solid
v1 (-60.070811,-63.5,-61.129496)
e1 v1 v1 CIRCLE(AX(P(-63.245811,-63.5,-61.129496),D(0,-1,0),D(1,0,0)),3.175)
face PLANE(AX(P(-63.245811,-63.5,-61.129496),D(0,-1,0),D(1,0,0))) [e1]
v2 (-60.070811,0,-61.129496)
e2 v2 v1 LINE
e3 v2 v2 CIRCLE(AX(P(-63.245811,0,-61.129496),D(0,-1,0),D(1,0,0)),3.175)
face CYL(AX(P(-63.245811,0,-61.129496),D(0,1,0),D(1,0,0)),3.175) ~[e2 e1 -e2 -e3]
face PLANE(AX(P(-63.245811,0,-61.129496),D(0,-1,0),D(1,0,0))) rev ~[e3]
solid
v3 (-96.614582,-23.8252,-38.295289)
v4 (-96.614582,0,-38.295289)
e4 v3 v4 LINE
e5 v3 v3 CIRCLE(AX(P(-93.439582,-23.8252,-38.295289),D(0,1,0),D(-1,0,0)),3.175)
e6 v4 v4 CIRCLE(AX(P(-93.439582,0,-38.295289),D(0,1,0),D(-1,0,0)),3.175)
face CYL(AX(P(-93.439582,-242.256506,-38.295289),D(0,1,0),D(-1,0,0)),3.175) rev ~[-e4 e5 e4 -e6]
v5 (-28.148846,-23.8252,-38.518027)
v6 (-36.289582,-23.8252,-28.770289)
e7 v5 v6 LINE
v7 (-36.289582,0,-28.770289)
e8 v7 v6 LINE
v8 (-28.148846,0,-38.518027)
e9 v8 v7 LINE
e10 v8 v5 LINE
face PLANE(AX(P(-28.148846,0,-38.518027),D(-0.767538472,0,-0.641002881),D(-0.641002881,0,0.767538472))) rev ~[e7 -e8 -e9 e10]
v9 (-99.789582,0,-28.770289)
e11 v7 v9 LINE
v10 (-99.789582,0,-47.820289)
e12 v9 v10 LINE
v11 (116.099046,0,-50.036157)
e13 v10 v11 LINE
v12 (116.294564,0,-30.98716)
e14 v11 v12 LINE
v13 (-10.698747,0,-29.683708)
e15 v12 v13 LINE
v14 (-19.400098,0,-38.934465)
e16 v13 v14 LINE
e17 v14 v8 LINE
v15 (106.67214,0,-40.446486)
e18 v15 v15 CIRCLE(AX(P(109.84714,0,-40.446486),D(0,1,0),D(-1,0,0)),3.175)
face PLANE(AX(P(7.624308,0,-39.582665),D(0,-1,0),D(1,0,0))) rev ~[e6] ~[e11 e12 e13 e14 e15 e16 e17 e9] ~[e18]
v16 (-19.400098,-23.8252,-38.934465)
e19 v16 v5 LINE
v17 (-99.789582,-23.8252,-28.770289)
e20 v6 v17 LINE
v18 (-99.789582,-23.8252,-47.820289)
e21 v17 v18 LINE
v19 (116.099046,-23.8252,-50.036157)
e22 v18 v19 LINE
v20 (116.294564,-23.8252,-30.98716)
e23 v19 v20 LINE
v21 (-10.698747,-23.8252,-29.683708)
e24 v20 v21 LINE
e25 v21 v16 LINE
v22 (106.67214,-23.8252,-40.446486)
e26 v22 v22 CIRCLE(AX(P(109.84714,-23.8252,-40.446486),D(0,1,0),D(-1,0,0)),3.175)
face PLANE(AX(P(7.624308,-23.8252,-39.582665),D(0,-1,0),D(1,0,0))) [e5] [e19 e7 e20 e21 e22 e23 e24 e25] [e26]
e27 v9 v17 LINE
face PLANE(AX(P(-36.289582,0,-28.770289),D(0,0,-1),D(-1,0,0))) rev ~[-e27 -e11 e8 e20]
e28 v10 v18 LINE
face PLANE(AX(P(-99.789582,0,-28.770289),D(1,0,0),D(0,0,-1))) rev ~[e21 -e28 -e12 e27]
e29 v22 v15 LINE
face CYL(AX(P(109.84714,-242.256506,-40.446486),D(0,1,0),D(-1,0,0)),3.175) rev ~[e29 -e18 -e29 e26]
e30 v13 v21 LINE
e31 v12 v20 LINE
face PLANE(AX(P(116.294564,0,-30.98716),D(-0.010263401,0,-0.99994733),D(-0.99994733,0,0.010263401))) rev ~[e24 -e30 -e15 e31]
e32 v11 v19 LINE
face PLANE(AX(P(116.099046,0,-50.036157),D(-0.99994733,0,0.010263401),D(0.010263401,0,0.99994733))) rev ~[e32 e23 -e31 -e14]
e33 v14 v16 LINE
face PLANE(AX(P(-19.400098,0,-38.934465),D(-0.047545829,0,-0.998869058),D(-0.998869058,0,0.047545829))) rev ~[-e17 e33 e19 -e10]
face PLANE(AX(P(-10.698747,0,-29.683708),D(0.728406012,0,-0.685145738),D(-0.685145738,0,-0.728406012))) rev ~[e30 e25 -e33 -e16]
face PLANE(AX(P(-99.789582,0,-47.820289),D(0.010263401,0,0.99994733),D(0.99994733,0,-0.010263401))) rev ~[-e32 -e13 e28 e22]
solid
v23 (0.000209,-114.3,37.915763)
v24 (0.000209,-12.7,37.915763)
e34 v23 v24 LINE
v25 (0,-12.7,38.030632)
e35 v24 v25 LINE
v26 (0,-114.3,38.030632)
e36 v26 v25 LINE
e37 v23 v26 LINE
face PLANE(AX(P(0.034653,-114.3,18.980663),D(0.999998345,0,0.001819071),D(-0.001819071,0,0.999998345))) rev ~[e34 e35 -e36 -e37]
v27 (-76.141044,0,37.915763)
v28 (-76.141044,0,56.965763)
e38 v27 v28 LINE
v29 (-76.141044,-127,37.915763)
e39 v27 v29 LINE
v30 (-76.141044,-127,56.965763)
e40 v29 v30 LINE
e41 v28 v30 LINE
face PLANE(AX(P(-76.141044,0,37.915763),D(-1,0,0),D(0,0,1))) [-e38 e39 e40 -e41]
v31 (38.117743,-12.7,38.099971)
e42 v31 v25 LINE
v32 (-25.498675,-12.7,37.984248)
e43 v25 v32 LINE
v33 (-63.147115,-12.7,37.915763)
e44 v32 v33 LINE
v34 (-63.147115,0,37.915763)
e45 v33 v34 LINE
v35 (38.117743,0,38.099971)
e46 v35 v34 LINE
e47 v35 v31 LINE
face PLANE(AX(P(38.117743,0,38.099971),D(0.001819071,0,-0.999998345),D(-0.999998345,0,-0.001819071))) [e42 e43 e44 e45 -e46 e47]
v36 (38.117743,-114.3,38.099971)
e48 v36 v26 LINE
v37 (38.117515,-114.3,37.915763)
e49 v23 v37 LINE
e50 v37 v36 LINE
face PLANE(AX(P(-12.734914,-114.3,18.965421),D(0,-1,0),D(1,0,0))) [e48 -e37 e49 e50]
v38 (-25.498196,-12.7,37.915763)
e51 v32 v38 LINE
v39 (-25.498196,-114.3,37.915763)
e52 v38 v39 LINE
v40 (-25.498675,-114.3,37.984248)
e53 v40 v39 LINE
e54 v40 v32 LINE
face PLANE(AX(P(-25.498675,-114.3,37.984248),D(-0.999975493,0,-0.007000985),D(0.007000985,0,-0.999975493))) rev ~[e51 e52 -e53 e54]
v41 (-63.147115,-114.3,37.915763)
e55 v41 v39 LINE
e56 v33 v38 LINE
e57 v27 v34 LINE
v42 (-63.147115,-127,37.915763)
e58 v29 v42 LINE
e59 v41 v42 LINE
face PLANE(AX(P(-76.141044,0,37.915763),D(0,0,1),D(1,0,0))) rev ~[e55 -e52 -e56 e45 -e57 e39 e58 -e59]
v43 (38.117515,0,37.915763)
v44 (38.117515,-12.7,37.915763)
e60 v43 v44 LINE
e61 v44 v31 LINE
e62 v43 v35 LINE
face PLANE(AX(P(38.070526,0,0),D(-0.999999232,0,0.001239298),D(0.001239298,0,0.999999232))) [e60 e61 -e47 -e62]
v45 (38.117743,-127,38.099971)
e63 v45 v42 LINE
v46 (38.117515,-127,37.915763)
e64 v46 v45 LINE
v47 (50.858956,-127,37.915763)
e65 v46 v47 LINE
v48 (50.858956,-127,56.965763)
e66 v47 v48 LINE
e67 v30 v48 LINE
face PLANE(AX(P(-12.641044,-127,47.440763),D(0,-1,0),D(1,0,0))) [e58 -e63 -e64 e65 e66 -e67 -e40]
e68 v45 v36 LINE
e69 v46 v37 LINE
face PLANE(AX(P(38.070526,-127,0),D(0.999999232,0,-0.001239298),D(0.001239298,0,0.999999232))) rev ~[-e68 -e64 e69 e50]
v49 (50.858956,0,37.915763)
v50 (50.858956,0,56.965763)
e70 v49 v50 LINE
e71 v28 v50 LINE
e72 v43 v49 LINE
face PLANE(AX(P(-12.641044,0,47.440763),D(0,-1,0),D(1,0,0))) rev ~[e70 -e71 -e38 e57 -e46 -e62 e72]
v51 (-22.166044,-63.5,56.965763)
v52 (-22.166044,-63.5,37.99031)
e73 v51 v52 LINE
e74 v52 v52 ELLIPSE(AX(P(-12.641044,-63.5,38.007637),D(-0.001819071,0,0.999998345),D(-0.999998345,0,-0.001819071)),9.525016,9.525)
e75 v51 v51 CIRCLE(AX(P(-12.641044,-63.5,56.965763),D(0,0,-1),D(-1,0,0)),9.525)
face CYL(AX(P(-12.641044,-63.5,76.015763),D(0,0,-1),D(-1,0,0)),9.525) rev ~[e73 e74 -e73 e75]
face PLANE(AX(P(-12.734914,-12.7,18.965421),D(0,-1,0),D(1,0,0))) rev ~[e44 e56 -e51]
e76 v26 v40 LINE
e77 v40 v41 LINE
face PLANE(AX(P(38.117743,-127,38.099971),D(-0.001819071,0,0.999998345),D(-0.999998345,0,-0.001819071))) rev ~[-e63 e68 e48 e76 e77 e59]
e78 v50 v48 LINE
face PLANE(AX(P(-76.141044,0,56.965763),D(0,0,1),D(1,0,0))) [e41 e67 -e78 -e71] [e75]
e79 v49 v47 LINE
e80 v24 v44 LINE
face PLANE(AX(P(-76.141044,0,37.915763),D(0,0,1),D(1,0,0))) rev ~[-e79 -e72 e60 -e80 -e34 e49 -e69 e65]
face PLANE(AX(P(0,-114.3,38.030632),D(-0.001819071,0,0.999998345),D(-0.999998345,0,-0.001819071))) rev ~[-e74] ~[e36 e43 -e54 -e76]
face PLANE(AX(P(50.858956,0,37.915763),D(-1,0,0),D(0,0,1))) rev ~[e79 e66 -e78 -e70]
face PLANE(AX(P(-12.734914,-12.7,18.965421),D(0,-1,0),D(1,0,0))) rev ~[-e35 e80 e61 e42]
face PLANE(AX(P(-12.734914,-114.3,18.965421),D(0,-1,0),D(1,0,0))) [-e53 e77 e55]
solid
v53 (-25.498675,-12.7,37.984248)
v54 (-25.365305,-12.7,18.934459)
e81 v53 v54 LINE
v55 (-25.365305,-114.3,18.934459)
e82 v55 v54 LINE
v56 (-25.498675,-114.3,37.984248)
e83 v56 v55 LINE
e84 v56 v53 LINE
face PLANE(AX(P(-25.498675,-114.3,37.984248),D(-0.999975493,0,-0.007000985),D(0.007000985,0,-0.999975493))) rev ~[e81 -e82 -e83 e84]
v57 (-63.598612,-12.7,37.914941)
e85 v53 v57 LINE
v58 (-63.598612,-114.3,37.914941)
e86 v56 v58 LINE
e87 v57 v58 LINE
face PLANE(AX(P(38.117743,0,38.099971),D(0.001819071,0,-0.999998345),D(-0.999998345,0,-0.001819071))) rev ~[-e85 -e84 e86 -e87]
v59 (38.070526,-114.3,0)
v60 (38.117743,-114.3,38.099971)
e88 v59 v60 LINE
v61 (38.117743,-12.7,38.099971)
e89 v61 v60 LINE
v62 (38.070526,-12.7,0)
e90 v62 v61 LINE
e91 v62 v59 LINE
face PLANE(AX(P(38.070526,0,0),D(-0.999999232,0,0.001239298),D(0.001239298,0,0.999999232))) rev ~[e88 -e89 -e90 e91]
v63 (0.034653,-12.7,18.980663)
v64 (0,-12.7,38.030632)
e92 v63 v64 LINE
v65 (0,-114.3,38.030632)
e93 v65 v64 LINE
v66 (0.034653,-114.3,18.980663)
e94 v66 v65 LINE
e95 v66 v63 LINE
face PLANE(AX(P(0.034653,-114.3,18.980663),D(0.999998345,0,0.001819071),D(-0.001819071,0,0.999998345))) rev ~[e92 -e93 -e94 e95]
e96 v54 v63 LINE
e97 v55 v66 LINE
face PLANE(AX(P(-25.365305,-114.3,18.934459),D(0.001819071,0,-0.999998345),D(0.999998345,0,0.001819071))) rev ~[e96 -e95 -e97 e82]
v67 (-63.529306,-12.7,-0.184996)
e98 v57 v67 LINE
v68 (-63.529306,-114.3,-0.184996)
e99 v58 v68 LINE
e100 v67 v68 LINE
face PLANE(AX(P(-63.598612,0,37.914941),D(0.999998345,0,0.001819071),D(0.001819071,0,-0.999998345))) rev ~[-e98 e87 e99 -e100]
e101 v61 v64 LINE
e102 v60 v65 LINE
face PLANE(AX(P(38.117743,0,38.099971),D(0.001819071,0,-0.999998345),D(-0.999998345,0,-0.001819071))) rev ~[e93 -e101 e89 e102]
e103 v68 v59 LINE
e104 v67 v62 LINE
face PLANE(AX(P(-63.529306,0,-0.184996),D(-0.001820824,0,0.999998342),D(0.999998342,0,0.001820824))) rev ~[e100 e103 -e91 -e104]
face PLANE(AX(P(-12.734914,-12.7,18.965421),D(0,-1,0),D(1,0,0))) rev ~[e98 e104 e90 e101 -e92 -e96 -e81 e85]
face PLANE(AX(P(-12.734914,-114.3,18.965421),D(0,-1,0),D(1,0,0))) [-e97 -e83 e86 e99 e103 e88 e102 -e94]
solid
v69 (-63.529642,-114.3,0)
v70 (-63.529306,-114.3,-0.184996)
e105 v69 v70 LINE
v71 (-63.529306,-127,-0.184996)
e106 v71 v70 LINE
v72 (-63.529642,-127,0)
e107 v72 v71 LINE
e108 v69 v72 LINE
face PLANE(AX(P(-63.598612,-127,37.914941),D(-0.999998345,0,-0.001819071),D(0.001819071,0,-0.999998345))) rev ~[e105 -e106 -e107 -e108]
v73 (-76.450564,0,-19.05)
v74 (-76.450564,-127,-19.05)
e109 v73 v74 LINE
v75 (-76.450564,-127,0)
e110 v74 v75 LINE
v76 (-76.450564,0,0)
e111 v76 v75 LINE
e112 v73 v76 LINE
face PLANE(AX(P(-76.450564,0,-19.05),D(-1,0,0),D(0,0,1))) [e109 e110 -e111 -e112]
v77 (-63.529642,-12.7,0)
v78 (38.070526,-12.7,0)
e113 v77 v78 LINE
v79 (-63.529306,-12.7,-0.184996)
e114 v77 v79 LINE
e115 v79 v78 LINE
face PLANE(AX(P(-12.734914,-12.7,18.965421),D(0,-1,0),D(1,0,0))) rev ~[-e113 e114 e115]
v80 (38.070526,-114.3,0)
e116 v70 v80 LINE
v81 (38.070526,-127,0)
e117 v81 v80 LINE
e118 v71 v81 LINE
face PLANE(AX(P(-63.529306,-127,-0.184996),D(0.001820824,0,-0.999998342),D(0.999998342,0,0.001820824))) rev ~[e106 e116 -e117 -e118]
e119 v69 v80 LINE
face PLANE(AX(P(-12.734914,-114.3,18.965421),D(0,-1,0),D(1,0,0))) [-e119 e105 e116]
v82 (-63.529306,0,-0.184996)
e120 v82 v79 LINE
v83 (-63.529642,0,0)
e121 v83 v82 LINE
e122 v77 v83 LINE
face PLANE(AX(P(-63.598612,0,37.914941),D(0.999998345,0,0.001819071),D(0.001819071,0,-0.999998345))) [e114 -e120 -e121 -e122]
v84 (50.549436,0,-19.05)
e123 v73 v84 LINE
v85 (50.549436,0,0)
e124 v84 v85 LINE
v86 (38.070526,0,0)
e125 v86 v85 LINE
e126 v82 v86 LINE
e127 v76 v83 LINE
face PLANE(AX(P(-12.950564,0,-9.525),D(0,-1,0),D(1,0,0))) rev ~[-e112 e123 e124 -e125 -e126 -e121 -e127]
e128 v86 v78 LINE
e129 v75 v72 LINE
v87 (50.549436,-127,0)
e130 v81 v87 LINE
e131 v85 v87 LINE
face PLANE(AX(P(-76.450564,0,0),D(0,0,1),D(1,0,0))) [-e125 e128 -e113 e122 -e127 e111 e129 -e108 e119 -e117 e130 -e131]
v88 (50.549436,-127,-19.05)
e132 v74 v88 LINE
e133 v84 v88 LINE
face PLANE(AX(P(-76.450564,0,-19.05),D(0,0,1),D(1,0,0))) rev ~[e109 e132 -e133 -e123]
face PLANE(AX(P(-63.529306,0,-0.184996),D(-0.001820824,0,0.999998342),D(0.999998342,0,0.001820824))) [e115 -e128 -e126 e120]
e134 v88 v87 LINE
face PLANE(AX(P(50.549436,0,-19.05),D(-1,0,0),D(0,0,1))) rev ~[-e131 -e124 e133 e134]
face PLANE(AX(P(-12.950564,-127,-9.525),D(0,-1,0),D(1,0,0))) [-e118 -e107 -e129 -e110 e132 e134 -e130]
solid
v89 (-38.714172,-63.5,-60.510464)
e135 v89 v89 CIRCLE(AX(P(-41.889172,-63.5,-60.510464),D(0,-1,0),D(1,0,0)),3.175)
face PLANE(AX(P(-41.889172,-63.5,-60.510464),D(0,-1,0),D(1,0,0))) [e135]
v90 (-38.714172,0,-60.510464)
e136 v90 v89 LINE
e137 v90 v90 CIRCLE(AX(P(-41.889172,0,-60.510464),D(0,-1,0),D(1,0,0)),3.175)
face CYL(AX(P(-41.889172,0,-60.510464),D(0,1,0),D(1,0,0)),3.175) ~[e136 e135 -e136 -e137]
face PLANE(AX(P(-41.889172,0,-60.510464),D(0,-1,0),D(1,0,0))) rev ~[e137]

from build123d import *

# Parameters (mm, degrees)
F0_W      = 127
F0_H      = 19.05
F3_DEPTH  = 127
F2_W      = 127
F2_H      = 19.05
F4_DEPTH  = 127
F5_DEPTH  = 127
F6_DEPTH  = 12.7
F7_DEPTH  = 12.7
F9_DEPTH  = 114.301
F11_D     = 19.05
F11_DEPTH = 19.05
F11_TIP   = 5.7231973962
F13_DEPTH = 23.8252
F15_D     = 6.35
F16_R     = 3.175
F17_DEPTH = 63.5
F18_DEPTH = 63.5


with BuildPart() as f3:
    # F0 (on Front) → F3 (new body)
    with BuildSketch(Plane.XZ):
        with Locations((-12.6410444975, 47.4407625139)):
            Rectangle(F0_W, F0_H)
    extrude(amount=F3_DEPTH)


with BuildPart() as f4:
    # F2 (on Front) → F4 (new body)
    with BuildSketch(Plane.XZ):
        with Locations((-12.9505639672, -9.525)):
            Rectangle(F2_W, F2_H)
    extrude(amount=F4_DEPTH)


with BuildPart() as f5:
    # F1 (on Front) → F5 (new body)
    with BuildSketch(Plane.XZ):
        Polygon((38.070525974, 0), (38.1177432447, 38.0999707418), (-63.5986121923, 37.9149412066), (-63.5293056034, -0.1849957566), align=None)
    extrude(amount=F5_DEPTH)


with BuildPart() as f6_tool:
    # F6 (cut): a face of the model
    f6_faces = [f5.part.faces().sort_by_distance(p)[0] for p in [
        (-12.7349528417, 0, 18.9611182595),
    ]]
    extrude(f6_faces, amount=-F6_DEPTH)


with BuildPart() as f3_1:
    add(f3.part)

    # F6: cut by f6_tool
    add(f6_tool.part, mode=Mode.SUBTRACT)


with BuildPart() as f4_1:
    add(f4.part)

    # F6: cut by f6_tool
    add(f6_tool.part, mode=Mode.SUBTRACT)


with BuildPart() as f5_1:
    add(f5.part)

    # F6: cut by f6_tool
    add(f6_tool.part, mode=Mode.SUBTRACT)


with BuildPart() as f7_tool:
    # F7 (cut): a face of the model
    f7_faces = [f5_1.part.faces().sort_by_distance(p)[0] for p in [
        (-12.7349528417, -127, 18.9611182595),
    ]]
    extrude(f7_faces, amount=-F7_DEPTH)


with BuildPart() as f3_2:
    add(f3_1.part)

    # F7: cut by f7_tool
    add(f7_tool.part, mode=Mode.SUBTRACT)


with BuildPart() as f4_2:
    add(f4_1.part)

    # F7: cut by f7_tool
    add(f7_tool.part, mode=Mode.SUBTRACT)


with BuildPart() as f5_2:
    add(f5_1.part)

    # F7: cut by f7_tool
    add(f7_tool.part, mode=Mode.SUBTRACT)


with BuildPart() as f9_tool:
    # F8 (on face) → F9 (new body, through all)
    with BuildSketch(Plane.XZ.offset(114.3)):
        Polygon((0, 38.030631762), (-25.4986752292, 37.9842477955), (-25.365304681, 18.9344588878), (0.0346532944, 18.9806632804), align=None)
    extrude(amount=-F9_DEPTH)


with BuildPart() as f3_3:
    add(f3_2.part)

    # F9: cut by f9_tool
    add(f9_tool.part, mode=Mode.SUBTRACT)

    # F11
    with Locations(Plane.XY.offset(56.9657625139)):
        with Locations((-12.6410444975, -63.5)):
            Hole(F11_D / 2, depth=F11_DEPTH)
            with Locations((0, 0, -(F11_DEPTH + F11_TIP / 2))):  # 118° drill point
                Cone(0, F11_D / 2, F11_TIP, mode=Mode.SUBTRACT)


with BuildPart() as f5_3:
    add(f5_2.part)

    # F9: cut by f9_tool
    add(f9_tool.part, mode=Mode.SUBTRACT)


with BuildPart() as f13:
    # F12 (on Front) → F13 (new body)
    with BuildSketch(Plane.XZ):
        Polygon((-99.7895821929, -28.7702886879), (-99.7895821929, -47.8202886879), (116.0990463358, -50.0361569129), (116.2945641204, -30.987160278), (-10.6987467789, -29.683708381), (-19.4000976518, -38.9344647277), (-28.1488456053, -38.5180272878), (-36.2895821929, -28.7702886879), align=None)
    extrude(amount=F13_DEPTH)

    # F15 (through all)
    with Locations(Plane.XZ.offset(23.8252)):
        with Locations((-93.4395821929, -38.2952886879), (109.8471396831, -40.4464860006)):
            Hole(F15_D / 2)


with BuildPart() as f17:
    # F16 (on Front) → F17 (new body)
    with BuildSketch(Plane.XZ):
        with Locations((-63.2458105683, -61.1294955015)):
            Circle(F16_R)
    extrude(amount=F17_DEPTH)

    # F16 (on Front) → F18 (join)
    with BuildSketch(Plane.XZ):
        with Locations((-63.2458105683, -61.1294955015)):
            Circle(F16_R)
    extrude(amount=F18_DEPTH)


with BuildPart() as f18:
    # F16 (on Front) → F18, piece 2 (new body)
    with BuildSketch(Plane.XZ):
        with Locations((-41.8891720474, -60.5104640126)):
            Circle(F16_R)
    extrude(amount=F18_DEPTH)


solid = Compound([f4_2.part, f3_3.part, f5_3.part, f13.part, f17.part, f18.part])
